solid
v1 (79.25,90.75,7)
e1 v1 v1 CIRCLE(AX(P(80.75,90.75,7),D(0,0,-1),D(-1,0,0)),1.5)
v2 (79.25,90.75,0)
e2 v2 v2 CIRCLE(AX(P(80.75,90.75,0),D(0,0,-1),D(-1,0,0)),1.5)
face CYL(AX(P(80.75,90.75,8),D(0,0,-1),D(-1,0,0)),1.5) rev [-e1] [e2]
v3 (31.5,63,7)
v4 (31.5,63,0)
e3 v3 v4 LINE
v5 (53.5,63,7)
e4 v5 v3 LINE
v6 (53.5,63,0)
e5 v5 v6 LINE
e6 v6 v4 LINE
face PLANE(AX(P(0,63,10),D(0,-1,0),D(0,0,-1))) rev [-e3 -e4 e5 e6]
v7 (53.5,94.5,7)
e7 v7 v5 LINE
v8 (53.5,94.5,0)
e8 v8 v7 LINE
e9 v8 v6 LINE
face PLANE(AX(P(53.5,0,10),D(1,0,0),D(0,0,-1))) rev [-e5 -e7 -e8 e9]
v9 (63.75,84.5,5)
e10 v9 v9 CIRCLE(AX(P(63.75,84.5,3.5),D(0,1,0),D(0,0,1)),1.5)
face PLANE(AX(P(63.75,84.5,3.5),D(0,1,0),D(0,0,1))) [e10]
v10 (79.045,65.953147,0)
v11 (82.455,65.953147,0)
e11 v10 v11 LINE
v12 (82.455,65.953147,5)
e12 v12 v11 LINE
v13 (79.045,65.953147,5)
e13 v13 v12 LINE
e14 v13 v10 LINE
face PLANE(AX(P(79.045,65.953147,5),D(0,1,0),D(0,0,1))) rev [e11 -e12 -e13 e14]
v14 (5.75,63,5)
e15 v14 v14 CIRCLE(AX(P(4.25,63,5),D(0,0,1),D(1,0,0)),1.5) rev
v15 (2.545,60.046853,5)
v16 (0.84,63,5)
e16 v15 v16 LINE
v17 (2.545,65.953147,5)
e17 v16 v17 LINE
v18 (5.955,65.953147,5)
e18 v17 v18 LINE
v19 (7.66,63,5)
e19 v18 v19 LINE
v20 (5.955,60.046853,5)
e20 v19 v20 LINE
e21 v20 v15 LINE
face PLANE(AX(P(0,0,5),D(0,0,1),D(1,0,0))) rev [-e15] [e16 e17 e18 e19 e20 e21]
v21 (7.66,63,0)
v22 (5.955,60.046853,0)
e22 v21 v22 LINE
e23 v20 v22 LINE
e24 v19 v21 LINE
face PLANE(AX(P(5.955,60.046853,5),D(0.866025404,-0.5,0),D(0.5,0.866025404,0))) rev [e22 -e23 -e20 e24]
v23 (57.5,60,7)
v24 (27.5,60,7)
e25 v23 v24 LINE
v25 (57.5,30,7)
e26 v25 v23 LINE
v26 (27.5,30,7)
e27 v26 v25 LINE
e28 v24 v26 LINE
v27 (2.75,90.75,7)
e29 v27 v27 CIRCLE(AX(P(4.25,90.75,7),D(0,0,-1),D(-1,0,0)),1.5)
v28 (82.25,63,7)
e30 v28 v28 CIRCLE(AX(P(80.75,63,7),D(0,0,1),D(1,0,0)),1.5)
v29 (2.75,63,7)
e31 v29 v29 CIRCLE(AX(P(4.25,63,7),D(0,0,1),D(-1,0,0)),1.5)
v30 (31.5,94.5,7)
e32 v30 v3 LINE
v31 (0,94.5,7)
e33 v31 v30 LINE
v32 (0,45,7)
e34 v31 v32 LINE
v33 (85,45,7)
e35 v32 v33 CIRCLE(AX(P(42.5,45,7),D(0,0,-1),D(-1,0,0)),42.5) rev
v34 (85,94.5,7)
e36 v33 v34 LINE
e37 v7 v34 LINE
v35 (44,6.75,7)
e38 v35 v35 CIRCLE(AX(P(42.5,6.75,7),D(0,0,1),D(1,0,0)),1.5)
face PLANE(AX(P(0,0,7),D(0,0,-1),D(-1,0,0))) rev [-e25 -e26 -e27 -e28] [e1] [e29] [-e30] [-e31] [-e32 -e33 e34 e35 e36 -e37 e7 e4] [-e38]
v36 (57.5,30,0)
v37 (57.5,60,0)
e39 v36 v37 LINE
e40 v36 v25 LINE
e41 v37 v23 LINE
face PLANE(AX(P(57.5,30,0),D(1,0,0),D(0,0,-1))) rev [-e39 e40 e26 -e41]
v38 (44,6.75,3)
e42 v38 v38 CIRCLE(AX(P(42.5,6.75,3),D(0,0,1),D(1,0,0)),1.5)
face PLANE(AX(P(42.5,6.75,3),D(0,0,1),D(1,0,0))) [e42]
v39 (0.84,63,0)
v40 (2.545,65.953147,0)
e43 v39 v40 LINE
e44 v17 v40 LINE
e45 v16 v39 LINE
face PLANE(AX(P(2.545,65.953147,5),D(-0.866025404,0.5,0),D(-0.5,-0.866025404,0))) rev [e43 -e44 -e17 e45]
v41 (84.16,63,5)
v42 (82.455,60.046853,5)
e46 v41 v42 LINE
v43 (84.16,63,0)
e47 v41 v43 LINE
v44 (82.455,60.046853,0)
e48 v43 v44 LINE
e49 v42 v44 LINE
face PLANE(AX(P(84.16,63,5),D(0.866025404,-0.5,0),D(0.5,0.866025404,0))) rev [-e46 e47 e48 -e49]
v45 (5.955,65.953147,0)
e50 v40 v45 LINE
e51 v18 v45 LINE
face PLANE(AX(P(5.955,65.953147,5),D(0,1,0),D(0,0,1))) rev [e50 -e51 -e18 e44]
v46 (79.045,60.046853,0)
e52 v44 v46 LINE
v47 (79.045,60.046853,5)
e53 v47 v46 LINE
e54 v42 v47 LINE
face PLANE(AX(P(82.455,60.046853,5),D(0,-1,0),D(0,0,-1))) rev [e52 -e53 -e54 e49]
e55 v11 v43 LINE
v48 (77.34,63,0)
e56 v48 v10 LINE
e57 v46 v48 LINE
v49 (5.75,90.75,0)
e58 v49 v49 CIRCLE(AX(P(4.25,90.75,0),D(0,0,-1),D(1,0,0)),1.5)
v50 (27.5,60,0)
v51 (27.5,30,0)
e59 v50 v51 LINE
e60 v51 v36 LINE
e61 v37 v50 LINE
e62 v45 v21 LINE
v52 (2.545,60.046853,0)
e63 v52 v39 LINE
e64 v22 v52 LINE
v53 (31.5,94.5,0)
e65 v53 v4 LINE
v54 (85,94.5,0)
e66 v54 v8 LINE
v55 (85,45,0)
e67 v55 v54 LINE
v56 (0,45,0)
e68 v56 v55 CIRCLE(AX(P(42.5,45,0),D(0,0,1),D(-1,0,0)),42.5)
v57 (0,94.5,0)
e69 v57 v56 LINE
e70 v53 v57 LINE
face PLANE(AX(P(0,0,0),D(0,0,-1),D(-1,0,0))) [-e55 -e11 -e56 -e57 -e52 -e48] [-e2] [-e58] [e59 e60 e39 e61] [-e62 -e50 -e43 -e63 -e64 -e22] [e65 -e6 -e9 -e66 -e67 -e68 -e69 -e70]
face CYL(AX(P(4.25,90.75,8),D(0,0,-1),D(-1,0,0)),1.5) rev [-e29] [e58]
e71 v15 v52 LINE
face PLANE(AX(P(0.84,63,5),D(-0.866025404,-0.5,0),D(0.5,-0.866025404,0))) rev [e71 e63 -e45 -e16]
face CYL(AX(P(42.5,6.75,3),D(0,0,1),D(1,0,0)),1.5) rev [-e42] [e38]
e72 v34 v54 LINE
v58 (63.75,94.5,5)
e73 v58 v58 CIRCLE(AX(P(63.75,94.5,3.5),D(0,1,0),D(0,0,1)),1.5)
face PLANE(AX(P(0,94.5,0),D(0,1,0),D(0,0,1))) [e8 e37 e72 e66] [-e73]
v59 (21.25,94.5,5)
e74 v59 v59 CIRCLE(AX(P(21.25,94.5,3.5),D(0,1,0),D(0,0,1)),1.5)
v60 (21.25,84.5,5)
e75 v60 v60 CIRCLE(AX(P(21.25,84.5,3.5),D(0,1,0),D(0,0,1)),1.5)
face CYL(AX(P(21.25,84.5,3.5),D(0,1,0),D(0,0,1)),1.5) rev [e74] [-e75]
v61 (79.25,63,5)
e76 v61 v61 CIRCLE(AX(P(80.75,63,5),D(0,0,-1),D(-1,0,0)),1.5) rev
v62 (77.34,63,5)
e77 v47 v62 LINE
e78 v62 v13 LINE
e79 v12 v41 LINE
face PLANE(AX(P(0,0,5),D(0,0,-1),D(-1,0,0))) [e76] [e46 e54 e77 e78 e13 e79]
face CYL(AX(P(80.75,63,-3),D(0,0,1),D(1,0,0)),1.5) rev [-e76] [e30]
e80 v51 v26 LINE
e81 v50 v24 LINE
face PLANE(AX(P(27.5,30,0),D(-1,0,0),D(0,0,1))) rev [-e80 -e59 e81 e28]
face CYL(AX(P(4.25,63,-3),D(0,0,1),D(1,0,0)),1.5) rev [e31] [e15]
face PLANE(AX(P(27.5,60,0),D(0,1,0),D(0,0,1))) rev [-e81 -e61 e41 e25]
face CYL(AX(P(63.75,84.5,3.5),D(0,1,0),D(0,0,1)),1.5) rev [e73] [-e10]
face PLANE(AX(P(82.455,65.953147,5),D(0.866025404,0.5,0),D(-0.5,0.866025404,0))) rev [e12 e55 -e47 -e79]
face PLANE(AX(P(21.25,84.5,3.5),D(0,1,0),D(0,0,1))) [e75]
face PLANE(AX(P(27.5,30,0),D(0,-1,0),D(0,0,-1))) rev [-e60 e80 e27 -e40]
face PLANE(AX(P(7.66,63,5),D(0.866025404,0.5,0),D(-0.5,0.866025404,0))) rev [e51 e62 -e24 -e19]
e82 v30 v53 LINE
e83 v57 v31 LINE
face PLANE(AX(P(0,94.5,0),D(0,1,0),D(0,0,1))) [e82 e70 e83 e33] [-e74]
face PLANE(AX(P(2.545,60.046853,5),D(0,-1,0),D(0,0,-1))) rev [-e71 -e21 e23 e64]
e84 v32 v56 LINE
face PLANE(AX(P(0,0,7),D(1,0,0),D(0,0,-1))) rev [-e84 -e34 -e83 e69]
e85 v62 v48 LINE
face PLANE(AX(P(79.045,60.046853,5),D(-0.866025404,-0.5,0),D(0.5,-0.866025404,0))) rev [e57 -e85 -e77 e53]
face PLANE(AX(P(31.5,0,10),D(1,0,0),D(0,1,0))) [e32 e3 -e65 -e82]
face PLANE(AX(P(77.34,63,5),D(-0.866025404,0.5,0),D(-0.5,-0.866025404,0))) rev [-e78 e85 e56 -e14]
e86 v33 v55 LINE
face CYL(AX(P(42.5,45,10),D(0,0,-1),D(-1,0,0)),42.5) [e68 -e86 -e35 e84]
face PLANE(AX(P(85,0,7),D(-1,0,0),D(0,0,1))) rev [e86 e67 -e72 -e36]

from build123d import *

# Parameters (mm, degrees)
SKETCH1_W           = 85
SKETCH1_H           = 95
BOSS_EXTRUDE1_DEPTH = 7
SKETCH2_W           = 30
SKETCH2_H           = 30
CUT_EXTRUDE1_DEPTH  = 7
SKETCH4_R           = 1.5
CUT_EXTRUDE2_DEPTH  = 10.5
SKETCH6_R           = 1.5
CUT_EXTRUDE3_DEPTH  = 8
CUT_EXTRUDE4_DEPTH  = 10
SKETCH8_R           = 1.5
CUT_EXTRUDE5_DEPTH  = 10
CUT_EXTRUDE6_DEPTH  = 5
SKETCH11_R          = 1.5
CUT_EXTRUDE8_DEPTH  = 4
SKETCH12_W          = 22
SKETCH12_H          = 32
CUT_EXTRUDE9_DEPTH  = 10
SKETCH13_W          = 31.5
SKETCH13_H          = 7
SKETCH13_R          = 1.5
CUT_EXTRUDE10_DEPTH = 0.5


with BuildPart() as part:
    # Sketch1 → Boss-Extrude1 (new body)
    with BuildSketch(Plane.XY):
        with Locations((42.5, 47.5)):
            Rectangle(SKETCH1_W, SKETCH1_H)
    extrude(amount=BOSS_EXTRUDE1_DEPTH)

    # Sketch2 → Cut-Extrude1 (cut)
    with BuildSketch(Plane.XY.offset(7)):
        with Locations((42.5, 45)):
            Rectangle(SKETCH2_W, SKETCH2_H)
    extrude(amount=-CUT_EXTRUDE1_DEPTH, mode=Mode.SUBTRACT)

    # Sketch4 → Cut-Extrude2 (cut)
    with BuildSketch(Plane(origin=(0, 95, 0), x_dir=(1, 0, 0), z_dir=(0, 1, 0))):
        with Locations((21.25, -3.5)):
            Circle(SKETCH4_R)
        with Locations((63.75, -3.5)):
            Circle(SKETCH4_R)
    extrude(amount=-CUT_EXTRUDE2_DEPTH, mode=Mode.SUBTRACT)

    # Sketch6 → Cut-Extrude3 (cut)
    with BuildSketch(Plane(origin=(0, 0, 0), x_dir=(-1, 0, 0), z_dir=(0, 0, -1))):
        with Locations((-80.75, 90.75)):
            Circle(SKETCH6_R)
        with Locations((-4.25, 90.75)):
            Circle(SKETCH6_R)
        with Locations((-4.45, 4.25)):
            Circle(SKETCH6_R)
        with Locations((-80.75, 7.25)):
            Circle(SKETCH6_R)
    extrude(amount=-CUT_EXTRUDE3_DEPTH, mode=Mode.SUBTRACT)

    # Sketch7 → Cut-Extrude4 (cut)
    with BuildSketch(Plane(origin=(0, 0, 0), x_dir=(-1, 0, 0), z_dir=(0, 0, -1))):
        with BuildLine():
            Line((-85, 45), (-85, 0))
            Line((-85, 0), (0, 0))
            Line((0, 0), (0, 45))
            ThreePointArc((0, 45), (-42.5, 2.5), (-85, 45))
        make_face()
    extrude(amount=-CUT_EXTRUDE4_DEPTH, mode=Mode.SUBTRACT)

    # Sketch8 → Cut-Extrude5 (cut)
    with BuildSketch(Plane.XY.offset(7)):
        with Locations((80.75, 63)):
            Circle(SKETCH8_R)
        with Locations((4.25, 63)):
            Circle(SKETCH8_R)
    extrude(amount=-CUT_EXTRUDE5_DEPTH, mode=Mode.SUBTRACT)

    # Sketch9 → Cut-Extrude6 (cut)
    with BuildSketch(Plane(origin=(0, 0, 0), x_dir=(-1, 0, 0), z_dir=(0, 0, -1))):
        Polygon((-79.045, 65.953146627), (-82.455, 65.953146627), (-84.16, 63), (-82.455, 60.046853373), (-79.045, 60.046853373), (-77.34, 63), align=None)
        Polygon((-0.84, 63), (-2.545, 60.046853373), (-5.955, 60.046853373), (-7.66, 63), (-5.955, 65.953146627), (-2.545, 65.953146627), align=None)
    extrude(amount=-CUT_EXTRUDE6_DEPTH, mode=Mode.SUBTRACT)

    # Sketch11 → Cut-Extrude8 (cut)
    with BuildSketch(Plane.XY.offset(7)):
        with Locations((42.5, 6.75)):
            Circle(SKETCH11_R)
    extrude(amount=-CUT_EXTRUDE8_DEPTH, mode=Mode.SUBTRACT)

    # Sketch12 → Cut-Extrude9 (cut)
    with BuildSketch(Plane(origin=(0, 0, 0), x_dir=(-1, 0, 0), z_dir=(0, 0, -1))):
        with Locations((-42.5, 79)):
            Rectangle(SKETCH12_W, SKETCH12_H)
    extrude(amount=-CUT_EXTRUDE9_DEPTH, mode=Mode.SUBTRACT)

    # Sketch13 → Cut-Extrude10 (cut)
    with BuildSketch(Plane(origin=(0, 95, 0), x_dir=(1, 0, 0), z_dir=(0, 1, 0))):
        with Locations((15.75, -3.5)):
            Rectangle(SKETCH13_W, SKETCH13_H)
        with Locations((21.25, -3.5)):
            Circle(SKETCH13_R, mode=Mode.SUBTRACT)
        with Locations((69.25, -3.5)):
            Rectangle(SKETCH13_W, SKETCH13_H)
        with Locations((63.75, -3.5)):
            Circle(SKETCH13_R, mode=Mode.SUBTRACT)
    extrude(amount=-CUT_EXTRUDE10_DEPTH, mode=Mode.SUBTRACT)


solid = part.part
